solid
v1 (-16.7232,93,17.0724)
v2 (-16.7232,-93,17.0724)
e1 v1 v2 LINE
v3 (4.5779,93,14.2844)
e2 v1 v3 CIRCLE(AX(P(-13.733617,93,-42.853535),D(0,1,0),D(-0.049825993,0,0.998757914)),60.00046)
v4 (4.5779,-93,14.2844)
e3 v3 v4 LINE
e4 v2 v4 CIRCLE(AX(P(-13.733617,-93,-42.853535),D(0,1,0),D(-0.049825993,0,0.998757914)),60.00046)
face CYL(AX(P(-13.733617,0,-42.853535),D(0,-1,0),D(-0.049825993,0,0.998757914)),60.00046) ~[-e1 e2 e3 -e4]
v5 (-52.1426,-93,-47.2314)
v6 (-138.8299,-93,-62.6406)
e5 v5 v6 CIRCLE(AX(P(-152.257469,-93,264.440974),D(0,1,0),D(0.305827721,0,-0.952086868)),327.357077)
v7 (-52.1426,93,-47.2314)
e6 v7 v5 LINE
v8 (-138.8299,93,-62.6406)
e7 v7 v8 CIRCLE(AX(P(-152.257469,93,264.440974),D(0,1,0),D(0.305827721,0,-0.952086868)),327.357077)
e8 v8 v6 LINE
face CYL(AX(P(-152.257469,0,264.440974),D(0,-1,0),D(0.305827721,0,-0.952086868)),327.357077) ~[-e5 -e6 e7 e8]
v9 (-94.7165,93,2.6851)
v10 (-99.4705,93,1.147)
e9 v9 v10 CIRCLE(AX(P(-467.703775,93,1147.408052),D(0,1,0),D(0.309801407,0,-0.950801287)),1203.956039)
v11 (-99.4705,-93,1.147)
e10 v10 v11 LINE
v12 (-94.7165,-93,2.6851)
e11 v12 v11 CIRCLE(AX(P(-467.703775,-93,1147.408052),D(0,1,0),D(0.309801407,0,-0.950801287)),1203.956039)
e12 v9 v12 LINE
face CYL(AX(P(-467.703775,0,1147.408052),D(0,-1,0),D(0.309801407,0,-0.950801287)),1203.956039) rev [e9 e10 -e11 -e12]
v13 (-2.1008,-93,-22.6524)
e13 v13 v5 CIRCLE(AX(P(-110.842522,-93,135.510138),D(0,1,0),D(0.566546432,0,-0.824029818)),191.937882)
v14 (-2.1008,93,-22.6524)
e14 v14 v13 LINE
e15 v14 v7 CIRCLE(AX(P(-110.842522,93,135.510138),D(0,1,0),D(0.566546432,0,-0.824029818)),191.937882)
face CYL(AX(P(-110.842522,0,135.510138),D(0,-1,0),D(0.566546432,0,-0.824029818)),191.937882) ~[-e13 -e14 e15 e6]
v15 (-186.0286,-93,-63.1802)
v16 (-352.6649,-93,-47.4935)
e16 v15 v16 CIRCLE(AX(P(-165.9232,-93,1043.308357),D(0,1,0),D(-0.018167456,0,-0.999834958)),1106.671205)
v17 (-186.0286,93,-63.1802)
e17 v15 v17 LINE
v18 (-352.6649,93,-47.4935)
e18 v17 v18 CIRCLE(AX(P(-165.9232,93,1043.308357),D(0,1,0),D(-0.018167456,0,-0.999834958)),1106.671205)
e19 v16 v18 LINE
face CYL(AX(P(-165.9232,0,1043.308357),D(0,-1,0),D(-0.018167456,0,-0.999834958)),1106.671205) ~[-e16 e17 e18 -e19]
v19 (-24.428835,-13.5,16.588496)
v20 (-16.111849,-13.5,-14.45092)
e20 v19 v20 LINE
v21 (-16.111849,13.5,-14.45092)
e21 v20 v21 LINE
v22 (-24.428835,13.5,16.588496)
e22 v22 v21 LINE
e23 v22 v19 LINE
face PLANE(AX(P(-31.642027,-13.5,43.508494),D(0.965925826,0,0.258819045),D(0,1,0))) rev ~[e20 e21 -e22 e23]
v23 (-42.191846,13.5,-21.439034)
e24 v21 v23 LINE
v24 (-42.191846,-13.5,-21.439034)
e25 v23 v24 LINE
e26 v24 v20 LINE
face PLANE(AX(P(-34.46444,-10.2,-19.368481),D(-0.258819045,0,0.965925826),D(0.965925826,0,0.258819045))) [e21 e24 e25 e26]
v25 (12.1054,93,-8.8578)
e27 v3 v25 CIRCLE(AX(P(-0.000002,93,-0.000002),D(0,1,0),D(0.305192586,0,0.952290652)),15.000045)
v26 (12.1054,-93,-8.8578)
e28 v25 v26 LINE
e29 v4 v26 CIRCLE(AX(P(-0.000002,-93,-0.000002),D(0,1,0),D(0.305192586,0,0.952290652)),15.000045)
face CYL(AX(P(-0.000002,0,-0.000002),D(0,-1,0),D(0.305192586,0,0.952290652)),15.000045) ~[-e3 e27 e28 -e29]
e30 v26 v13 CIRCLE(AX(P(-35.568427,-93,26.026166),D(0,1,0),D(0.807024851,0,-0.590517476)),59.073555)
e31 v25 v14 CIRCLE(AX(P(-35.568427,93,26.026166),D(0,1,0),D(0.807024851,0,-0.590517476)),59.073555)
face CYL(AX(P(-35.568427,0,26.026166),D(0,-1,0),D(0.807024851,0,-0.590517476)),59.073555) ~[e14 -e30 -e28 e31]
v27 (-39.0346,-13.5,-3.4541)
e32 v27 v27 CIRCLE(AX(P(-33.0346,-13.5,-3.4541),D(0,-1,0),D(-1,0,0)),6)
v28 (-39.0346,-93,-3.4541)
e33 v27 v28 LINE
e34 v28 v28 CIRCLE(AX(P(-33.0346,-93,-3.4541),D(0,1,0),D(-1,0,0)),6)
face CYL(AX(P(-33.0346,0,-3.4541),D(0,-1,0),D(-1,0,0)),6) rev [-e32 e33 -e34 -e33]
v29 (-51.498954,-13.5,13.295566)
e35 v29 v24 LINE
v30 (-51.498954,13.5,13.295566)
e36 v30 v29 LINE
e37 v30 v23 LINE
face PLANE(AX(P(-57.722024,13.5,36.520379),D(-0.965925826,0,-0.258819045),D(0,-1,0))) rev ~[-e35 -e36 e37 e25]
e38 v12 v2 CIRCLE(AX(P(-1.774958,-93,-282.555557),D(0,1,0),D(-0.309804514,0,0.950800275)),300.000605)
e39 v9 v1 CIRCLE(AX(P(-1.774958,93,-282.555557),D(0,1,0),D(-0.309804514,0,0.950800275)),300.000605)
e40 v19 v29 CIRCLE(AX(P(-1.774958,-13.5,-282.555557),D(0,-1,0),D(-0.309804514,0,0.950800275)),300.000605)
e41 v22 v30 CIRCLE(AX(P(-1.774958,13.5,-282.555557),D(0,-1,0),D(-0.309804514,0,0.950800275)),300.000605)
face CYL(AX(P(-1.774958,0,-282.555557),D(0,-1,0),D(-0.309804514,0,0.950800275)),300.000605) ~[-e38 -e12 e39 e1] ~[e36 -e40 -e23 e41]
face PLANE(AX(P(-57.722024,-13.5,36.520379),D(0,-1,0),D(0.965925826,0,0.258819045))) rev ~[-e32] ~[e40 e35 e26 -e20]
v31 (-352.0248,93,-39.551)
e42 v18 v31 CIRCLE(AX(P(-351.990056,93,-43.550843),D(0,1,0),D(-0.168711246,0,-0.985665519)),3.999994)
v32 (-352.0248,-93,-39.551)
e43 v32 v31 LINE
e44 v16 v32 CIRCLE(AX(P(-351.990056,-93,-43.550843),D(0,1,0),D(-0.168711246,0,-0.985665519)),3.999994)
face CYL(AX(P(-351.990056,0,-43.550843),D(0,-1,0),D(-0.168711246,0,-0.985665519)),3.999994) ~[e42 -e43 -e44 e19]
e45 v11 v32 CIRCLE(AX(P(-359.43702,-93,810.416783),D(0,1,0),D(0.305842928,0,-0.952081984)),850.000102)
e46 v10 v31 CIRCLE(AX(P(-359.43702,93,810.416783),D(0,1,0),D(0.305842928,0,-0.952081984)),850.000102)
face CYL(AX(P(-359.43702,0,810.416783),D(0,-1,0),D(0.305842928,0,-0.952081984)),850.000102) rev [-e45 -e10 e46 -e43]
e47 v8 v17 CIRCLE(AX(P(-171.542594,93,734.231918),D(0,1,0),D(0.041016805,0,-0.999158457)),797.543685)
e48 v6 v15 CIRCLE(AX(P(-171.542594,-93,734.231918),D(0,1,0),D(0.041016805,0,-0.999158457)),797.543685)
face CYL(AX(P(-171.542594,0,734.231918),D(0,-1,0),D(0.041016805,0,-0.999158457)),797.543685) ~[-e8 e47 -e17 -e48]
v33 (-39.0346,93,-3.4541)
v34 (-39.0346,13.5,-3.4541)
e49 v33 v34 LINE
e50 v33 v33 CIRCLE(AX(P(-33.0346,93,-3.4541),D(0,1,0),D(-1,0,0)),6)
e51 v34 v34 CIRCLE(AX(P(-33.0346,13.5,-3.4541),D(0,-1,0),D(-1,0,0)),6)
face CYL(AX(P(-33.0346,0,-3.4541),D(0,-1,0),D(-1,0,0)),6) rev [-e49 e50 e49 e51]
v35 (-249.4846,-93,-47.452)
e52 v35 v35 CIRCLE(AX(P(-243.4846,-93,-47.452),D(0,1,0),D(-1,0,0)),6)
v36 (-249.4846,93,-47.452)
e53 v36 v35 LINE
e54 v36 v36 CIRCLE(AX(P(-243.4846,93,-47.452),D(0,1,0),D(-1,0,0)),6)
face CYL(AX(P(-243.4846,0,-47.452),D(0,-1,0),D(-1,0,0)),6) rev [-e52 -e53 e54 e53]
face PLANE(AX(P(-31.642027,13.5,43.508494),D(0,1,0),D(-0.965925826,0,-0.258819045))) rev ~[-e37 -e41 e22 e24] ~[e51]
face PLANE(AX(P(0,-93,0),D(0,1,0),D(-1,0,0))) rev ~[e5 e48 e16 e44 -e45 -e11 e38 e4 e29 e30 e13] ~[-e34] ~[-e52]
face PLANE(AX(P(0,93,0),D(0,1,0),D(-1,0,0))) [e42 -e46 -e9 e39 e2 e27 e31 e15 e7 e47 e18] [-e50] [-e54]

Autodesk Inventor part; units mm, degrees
ref_plane "YZ Plane" through (0, 0, 0) normal (1, 0, 0) x (0, 1, 0)
ref_plane "XZ Plane" through (0, 0, 0) normal (0, 1, 0) x (-1, 0, 0)
ref_plane "XY Plane" through (0, 0, 0) normal (0, 0, 1) x (1, 0, 0)
sketch "スケッチ2" plane through (0, 0, 0) normal (0, 1, 0) x (-1, 0, 0)
  arc A0 (186.0286, -63.1802) -> (352.6649, -47.4935) centre (165.9229, 1043.3137) ccw projected
  arc A1 (138.8299, -62.6406) -> (186.0286, -63.1802) centre (171.5405, 734.1521) ccw projected
  arc A2 (52.1426, -47.2314) -> (138.8299, -62.6406) centre (152.2575, 264.4411) ccw projected
  arc A3 (2.1008, -22.6524) -> (52.1426, -47.2314) centre (110.8425, 135.5101) ccw projected
  arc A4 (-12.1054, -8.8578) -> (2.1008, -22.6524) centre (35.5695, 26.0271) ccw projected
  arc A5 (-4.5779, 14.2844) -> (-12.1054, -8.8578) centre (0, 0) ccw projected
  arc A6 (16.7232, 17.0724) -> (-4.5779, 14.2844) centre (13.7336, -42.8531) ccw projected
  arc A7 (94.7165, 2.6851) -> (16.7232, 17.0724) centre (1.7751, -282.555) ccw projected
  arc A8 (94.7165, 2.6851) -> (99.4705, 1.147) centre (466.4821, 1143.6454) ccw projected
  arc A9 (99.4705, 1.147) -> (352.0248, -39.551) centre (359.437, 810.4167) ccw projected
  arc A10 (352.6649, -47.4935) -> (352.0248, -39.551) centre (351.99, -43.5508) ccw projected
  circle A11 centre (33.0346, -3.4541) radius 6 projected
  circle A12 centre (243.4846, -47.452) radius 6 projected
  point P0 (0, 0)
extrude "押し出し2" add sketch "スケッチ2" along normal mid plane 186
ref_plane "作業平面1" through (-49.9941, -10.2, 38.589) normal (-0.2588, 0, 0.9659) x (0.9659, 0, 0.2588)
sketch "スケッチ3" plane through (-49.9941, -10.2, 38.589) normal (-0.2588, 0, 0.9659) x (0.9659, 0, 0.2588)
  line L0 (18, 13.4) -> (18, 7) projected
  line L1 (0, -2.3) -> (11, -2.3) projected
  line L2 (-7, 7) -> (-7, 13.4) projected
  line L3 (11, 22.7) -> (0, 22.7) projected
  line L4 (18, -2.3) -> (-7, -2.3)
  line L5 (-7, -2.3) -> (-7, 22.7)
  line L6 (-7, 22.7) -> (18, 22.7)
  line L7 (18, 22.7) -> (18, -2.3)
  line L8 (-8, -3.3) -> (19, -3.3)
  line L9 (19, -3.3) -> (19, 23.7)
  line L10 (19, 23.7) -> (-8, 23.7)
  line L11 (-8, 23.7) -> (-8, -3.3)
  point P0 (38.303, 10.2)
  dimension "d6" = 1
extrude "押し出し3" cut sketch "スケッチ3" against normal blind 60 contours L0 L7 L4 L1 L5 L2 L6 L3 | L11 L10 L9 L8
properties part number "mainflap for center"
